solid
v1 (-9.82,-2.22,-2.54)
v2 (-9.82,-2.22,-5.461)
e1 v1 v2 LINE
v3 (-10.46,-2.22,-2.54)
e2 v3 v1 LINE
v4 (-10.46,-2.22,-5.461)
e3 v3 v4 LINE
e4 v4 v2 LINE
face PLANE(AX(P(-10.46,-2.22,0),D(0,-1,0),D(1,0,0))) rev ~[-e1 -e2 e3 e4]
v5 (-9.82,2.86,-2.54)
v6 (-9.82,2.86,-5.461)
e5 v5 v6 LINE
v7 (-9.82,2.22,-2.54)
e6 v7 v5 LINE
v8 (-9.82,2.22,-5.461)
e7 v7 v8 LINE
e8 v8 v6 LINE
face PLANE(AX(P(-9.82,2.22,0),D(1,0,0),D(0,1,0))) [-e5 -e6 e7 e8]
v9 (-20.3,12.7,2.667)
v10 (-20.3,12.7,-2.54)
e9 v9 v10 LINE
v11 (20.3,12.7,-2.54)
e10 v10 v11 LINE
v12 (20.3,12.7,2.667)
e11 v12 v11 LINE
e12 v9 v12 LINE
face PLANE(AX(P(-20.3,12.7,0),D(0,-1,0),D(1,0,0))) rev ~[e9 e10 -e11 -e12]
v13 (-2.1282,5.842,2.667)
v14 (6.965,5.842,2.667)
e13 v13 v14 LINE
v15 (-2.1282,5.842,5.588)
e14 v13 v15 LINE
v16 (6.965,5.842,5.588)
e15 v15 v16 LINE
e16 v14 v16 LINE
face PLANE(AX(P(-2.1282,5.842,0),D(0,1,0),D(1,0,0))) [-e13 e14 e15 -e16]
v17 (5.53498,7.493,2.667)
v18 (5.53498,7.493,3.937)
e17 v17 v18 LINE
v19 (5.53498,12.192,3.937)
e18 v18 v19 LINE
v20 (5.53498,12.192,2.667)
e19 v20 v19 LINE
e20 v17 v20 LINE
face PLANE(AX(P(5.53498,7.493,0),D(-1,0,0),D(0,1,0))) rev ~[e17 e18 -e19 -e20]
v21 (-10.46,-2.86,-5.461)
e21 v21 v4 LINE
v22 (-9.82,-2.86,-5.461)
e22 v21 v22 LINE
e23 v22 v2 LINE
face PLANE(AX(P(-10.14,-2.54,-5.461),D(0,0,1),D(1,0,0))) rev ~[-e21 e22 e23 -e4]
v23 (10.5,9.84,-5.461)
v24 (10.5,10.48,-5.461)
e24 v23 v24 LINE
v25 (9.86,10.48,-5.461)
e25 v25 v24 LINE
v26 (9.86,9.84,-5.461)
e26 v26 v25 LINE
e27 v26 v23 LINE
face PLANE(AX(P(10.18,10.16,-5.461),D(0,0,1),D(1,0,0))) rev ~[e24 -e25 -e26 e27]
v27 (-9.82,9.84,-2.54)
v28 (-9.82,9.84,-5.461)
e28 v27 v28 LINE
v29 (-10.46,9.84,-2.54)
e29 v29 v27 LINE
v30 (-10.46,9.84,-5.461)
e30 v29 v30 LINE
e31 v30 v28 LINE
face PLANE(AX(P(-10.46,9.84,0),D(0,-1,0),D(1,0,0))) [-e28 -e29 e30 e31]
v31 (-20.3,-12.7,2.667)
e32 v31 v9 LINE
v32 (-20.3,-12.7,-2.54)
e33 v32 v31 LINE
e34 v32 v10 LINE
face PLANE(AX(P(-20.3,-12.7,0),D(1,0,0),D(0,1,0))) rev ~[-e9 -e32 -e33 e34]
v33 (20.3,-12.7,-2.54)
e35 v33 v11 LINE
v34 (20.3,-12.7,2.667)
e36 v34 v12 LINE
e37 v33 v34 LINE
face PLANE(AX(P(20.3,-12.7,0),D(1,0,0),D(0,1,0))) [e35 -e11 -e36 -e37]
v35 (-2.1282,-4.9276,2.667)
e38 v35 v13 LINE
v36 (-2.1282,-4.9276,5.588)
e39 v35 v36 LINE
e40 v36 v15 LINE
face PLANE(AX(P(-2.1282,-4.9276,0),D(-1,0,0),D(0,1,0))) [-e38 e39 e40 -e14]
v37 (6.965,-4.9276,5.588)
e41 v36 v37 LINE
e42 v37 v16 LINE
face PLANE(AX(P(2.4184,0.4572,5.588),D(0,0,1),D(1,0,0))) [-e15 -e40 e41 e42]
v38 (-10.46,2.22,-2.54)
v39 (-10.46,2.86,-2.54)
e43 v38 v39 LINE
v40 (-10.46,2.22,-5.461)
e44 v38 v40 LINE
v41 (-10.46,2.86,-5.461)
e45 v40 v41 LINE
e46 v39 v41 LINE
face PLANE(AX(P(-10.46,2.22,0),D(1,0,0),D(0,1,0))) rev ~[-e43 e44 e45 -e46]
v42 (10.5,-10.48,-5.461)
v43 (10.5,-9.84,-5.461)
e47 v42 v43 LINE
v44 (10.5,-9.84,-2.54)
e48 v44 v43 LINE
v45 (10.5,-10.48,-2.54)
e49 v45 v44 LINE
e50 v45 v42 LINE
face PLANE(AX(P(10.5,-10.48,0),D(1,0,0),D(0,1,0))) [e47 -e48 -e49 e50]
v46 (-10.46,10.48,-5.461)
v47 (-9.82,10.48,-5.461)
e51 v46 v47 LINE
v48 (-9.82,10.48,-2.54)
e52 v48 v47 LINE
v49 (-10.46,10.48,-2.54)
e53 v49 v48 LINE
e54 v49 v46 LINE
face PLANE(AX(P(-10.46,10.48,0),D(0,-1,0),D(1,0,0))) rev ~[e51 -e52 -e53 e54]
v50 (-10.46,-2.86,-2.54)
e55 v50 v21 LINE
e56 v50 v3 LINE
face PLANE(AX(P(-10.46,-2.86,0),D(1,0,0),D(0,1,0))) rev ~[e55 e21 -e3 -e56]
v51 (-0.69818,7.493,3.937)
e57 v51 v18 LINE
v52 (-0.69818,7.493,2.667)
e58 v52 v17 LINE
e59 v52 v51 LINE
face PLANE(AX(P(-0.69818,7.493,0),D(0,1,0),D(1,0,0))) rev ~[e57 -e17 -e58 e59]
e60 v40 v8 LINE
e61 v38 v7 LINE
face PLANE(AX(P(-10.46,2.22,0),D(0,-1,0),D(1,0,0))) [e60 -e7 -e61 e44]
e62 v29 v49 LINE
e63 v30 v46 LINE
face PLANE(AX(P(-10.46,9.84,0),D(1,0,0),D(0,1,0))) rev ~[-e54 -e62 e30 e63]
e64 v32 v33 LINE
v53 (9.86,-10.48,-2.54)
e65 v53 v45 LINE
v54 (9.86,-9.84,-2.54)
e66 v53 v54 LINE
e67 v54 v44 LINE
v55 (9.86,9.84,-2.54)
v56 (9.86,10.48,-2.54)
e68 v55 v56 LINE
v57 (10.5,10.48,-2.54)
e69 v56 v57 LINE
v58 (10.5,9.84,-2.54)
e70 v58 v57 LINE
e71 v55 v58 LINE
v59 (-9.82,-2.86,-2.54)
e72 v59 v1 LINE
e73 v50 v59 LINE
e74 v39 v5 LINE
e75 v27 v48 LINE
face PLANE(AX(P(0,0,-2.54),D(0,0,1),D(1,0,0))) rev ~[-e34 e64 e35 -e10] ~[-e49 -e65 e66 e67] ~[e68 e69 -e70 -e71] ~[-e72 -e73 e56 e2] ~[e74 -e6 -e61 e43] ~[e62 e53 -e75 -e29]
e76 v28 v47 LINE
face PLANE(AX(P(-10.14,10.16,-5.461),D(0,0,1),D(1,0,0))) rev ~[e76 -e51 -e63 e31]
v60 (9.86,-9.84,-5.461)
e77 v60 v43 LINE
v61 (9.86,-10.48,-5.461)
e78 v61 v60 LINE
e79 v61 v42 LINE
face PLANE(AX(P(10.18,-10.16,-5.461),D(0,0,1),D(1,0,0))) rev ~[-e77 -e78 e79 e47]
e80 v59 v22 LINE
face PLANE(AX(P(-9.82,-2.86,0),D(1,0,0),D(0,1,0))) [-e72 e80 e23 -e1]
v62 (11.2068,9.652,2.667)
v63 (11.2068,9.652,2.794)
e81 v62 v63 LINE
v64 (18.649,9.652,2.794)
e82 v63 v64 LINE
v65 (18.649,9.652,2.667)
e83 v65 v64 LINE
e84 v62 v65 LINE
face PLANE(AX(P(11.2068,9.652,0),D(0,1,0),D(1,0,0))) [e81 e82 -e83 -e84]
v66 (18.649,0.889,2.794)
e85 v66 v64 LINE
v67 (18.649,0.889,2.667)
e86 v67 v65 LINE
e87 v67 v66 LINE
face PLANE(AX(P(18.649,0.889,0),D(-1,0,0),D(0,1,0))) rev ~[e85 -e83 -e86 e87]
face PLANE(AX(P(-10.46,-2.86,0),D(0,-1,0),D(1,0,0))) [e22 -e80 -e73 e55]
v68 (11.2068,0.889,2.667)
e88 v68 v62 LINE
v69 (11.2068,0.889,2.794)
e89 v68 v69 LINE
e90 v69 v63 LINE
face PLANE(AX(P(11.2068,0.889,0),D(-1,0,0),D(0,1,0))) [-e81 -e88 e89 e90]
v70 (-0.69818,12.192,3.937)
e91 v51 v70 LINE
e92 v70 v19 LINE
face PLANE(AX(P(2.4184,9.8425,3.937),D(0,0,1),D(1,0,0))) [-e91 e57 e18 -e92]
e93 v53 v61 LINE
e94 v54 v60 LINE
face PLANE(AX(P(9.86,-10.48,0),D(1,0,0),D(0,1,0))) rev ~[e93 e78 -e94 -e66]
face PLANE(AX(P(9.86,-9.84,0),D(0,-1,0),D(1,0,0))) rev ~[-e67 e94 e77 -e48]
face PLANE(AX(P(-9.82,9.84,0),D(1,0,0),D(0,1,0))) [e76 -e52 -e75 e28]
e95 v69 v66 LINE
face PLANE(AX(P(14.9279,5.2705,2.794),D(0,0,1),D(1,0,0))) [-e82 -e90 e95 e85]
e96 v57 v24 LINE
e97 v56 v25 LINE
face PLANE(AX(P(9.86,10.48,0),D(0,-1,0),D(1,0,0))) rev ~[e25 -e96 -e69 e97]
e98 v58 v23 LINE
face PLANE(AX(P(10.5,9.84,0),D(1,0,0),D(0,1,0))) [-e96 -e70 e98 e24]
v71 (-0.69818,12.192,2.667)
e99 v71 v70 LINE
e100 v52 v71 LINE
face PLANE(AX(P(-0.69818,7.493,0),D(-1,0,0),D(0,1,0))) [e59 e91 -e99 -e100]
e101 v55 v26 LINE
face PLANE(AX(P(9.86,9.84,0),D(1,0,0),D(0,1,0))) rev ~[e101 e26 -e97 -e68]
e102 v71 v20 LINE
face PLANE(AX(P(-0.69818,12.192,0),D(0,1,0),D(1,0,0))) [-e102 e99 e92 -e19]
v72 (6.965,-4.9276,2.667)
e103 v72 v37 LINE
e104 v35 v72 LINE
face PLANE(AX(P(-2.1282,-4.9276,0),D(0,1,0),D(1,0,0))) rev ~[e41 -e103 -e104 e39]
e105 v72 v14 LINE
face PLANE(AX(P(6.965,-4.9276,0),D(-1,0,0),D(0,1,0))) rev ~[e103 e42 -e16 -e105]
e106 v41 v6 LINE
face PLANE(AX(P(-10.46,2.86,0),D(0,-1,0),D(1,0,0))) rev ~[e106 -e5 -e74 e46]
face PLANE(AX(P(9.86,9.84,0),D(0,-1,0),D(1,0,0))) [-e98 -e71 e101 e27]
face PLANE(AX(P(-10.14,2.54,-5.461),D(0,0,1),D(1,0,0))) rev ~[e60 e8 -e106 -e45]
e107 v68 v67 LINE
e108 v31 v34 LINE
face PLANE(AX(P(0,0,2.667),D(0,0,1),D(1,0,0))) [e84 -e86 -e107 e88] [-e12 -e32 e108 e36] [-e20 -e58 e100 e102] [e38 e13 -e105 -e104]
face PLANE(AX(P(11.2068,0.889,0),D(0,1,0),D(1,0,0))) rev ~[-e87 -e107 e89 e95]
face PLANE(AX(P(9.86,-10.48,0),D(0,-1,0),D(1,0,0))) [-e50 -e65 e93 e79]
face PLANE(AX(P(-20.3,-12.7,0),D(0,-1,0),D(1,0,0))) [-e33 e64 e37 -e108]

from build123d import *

# Parameters (mm, degrees)
F0_W     = 40.6
F0_H     = 25.4
F0_W_2   = 0.64
F0_H_2   = 0.64
F0_W_3   = 9.0932
F0_H_3   = 10.7696
F0_W_4   = 7.4422
F0_H_4   = 8.763
F0_W_5   = 6.23316
F0_H_5   = 4.699
F1_DEPTH = 2.667
F2_DEPTH = 5.588
F3_DEPTH = 3.937
F4_DEPTH = 2.794
F5_DEPTH = 2.54
F6_DEPTH = 5.461


with BuildPart() as f1:
    # F0 (on Top) → F1 (new body)
    with BuildSketch(Plane.XY):
        Rectangle(F0_W, F0_H)
        with Locations((-10.14, -2.54)):
            Rectangle(F0_W_2, F0_H_2, mode=Mode.SUBTRACT)
        with Locations((10.18, -10.16)):
            Rectangle(F0_W_2, F0_H_2, mode=Mode.SUBTRACT)
        with Locations((-10.14, 2.54)):
            Rectangle(F0_W_2, F0_H_2, mode=Mode.SUBTRACT)
        with Locations((-10.14, 10.16)):
            Rectangle(F0_W_2, F0_H_2, mode=Mode.SUBTRACT)
        with Locations((2.4184, 0.4572)):
            Rectangle(F0_W_3, F0_H_3, mode=Mode.SUBTRACT)
        with Locations((14.9279, 5.2705)):
            Rectangle(F0_W_4, F0_H_4, mode=Mode.SUBTRACT)
        with Locations((2.4184, 9.8425)):
            Rectangle(F0_W_5, F0_H_5, mode=Mode.SUBTRACT)
        with Locations((10.18, 10.16)):
            Rectangle(F0_W_2, F0_H_2, mode=Mode.SUBTRACT)
        with Locations((-10.14, 10.16)):
            Rectangle(F0_W_2, F0_H_2)
        with Locations((-10.14, 2.54)):
            Rectangle(F0_W_2, F0_H_2)
        with Locations((-10.14, -2.54)):
            Rectangle(F0_W_2, F0_H_2)
        with Locations((10.18, 10.16)):
            Rectangle(F0_W_2, F0_H_2)
        with Locations((10.18, -10.16)):
            Rectangle(F0_W_2, F0_H_2)
    extrude(amount=F1_DEPTH)

    # F0 (on Top) → F2 (join)
    with BuildSketch(Plane.XY):
        with Locations((2.4184, 0.4572)):
            Rectangle(F0_W_3, F0_H_3)
    extrude(amount=F2_DEPTH)

    # F0 (on Top) → F3 (join)
    with BuildSketch(Plane.XY):
        with Locations((2.4184, 9.8425)):
            Rectangle(F0_W_5, F0_H_5)
    extrude(amount=F3_DEPTH)

    # F0 (on Top) → F4 (join)
    with BuildSketch(Plane.XY):
        with Locations((14.9279, 5.2705)):
            Rectangle(F0_W_4, F0_H_4)
    extrude(amount=F4_DEPTH)

    # F0 (on Top) → F5 (join)
    with BuildSketch(Plane.XY):
        Rectangle(F0_W, F0_H)
        with Locations((-10.14, -2.54)):
            Rectangle(F0_W_2, F0_H_2, mode=Mode.SUBTRACT)
        with Locations((10.18, -10.16)):
            Rectangle(F0_W_2, F0_H_2, mode=Mode.SUBTRACT)
        with Locations((-10.14, 2.54)):
            Rectangle(F0_W_2, F0_H_2, mode=Mode.SUBTRACT)
        with Locations((-10.14, 10.16)):
            Rectangle(F0_W_2, F0_H_2, mode=Mode.SUBTRACT)
        with Locations((2.4184, 0.4572)):
            Rectangle(F0_W_3, F0_H_3, mode=Mode.SUBTRACT)
        with Locations((14.9279, 5.2705)):
            Rectangle(F0_W_4, F0_H_4, mode=Mode.SUBTRACT)
        with Locations((2.4184, 9.8425)):
            Rectangle(F0_W_5, F0_H_5, mode=Mode.SUBTRACT)
        with Locations((10.18, 10.16)):
            Rectangle(F0_W_2, F0_H_2, mode=Mode.SUBTRACT)
        with Locations((-10.14, -2.54)):
            Rectangle(F0_W_2, F0_H_2)
        with Locations((-10.14, 2.54)):
            Rectangle(F0_W_2, F0_H_2)
        with Locations((-10.14, 10.16)):
            Rectangle(F0_W_2, F0_H_2)
        with Locations((10.18, 10.16)):
            Rectangle(F0_W_2, F0_H_2)
        with Locations((2.4184, 9.8425)):
            Rectangle(F0_W_5, F0_H_5)
        with Locations((2.4184, 0.4572)):
            Rectangle(F0_W_3, F0_H_3)
        with Locations((14.9279, 5.2705)):
            Rectangle(F0_W_4, F0_H_4)
        with Locations((10.18, -10.16)):
            Rectangle(F0_W_2, F0_H_2)
    extrude(amount=-F5_DEPTH)

    # F0 (on Top) → F6 (join)
    with BuildSketch(Plane.XY):
        with Locations((-10.14, -2.54)):
            Rectangle(F0_W_2, F0_H_2)
        with Locations((-10.14, 2.54)):
            Rectangle(F0_W_2, F0_H_2)
        with Locations((-10.14, 10.16)):
            Rectangle(F0_W_2, F0_H_2)
        with Locations((10.18, 10.16)):
            Rectangle(F0_W_2, F0_H_2)
        with Locations((10.18, -10.16)):
            Rectangle(F0_W_2, F0_H_2)
    extrude(amount=-F6_DEPTH)


solid = f1.part
